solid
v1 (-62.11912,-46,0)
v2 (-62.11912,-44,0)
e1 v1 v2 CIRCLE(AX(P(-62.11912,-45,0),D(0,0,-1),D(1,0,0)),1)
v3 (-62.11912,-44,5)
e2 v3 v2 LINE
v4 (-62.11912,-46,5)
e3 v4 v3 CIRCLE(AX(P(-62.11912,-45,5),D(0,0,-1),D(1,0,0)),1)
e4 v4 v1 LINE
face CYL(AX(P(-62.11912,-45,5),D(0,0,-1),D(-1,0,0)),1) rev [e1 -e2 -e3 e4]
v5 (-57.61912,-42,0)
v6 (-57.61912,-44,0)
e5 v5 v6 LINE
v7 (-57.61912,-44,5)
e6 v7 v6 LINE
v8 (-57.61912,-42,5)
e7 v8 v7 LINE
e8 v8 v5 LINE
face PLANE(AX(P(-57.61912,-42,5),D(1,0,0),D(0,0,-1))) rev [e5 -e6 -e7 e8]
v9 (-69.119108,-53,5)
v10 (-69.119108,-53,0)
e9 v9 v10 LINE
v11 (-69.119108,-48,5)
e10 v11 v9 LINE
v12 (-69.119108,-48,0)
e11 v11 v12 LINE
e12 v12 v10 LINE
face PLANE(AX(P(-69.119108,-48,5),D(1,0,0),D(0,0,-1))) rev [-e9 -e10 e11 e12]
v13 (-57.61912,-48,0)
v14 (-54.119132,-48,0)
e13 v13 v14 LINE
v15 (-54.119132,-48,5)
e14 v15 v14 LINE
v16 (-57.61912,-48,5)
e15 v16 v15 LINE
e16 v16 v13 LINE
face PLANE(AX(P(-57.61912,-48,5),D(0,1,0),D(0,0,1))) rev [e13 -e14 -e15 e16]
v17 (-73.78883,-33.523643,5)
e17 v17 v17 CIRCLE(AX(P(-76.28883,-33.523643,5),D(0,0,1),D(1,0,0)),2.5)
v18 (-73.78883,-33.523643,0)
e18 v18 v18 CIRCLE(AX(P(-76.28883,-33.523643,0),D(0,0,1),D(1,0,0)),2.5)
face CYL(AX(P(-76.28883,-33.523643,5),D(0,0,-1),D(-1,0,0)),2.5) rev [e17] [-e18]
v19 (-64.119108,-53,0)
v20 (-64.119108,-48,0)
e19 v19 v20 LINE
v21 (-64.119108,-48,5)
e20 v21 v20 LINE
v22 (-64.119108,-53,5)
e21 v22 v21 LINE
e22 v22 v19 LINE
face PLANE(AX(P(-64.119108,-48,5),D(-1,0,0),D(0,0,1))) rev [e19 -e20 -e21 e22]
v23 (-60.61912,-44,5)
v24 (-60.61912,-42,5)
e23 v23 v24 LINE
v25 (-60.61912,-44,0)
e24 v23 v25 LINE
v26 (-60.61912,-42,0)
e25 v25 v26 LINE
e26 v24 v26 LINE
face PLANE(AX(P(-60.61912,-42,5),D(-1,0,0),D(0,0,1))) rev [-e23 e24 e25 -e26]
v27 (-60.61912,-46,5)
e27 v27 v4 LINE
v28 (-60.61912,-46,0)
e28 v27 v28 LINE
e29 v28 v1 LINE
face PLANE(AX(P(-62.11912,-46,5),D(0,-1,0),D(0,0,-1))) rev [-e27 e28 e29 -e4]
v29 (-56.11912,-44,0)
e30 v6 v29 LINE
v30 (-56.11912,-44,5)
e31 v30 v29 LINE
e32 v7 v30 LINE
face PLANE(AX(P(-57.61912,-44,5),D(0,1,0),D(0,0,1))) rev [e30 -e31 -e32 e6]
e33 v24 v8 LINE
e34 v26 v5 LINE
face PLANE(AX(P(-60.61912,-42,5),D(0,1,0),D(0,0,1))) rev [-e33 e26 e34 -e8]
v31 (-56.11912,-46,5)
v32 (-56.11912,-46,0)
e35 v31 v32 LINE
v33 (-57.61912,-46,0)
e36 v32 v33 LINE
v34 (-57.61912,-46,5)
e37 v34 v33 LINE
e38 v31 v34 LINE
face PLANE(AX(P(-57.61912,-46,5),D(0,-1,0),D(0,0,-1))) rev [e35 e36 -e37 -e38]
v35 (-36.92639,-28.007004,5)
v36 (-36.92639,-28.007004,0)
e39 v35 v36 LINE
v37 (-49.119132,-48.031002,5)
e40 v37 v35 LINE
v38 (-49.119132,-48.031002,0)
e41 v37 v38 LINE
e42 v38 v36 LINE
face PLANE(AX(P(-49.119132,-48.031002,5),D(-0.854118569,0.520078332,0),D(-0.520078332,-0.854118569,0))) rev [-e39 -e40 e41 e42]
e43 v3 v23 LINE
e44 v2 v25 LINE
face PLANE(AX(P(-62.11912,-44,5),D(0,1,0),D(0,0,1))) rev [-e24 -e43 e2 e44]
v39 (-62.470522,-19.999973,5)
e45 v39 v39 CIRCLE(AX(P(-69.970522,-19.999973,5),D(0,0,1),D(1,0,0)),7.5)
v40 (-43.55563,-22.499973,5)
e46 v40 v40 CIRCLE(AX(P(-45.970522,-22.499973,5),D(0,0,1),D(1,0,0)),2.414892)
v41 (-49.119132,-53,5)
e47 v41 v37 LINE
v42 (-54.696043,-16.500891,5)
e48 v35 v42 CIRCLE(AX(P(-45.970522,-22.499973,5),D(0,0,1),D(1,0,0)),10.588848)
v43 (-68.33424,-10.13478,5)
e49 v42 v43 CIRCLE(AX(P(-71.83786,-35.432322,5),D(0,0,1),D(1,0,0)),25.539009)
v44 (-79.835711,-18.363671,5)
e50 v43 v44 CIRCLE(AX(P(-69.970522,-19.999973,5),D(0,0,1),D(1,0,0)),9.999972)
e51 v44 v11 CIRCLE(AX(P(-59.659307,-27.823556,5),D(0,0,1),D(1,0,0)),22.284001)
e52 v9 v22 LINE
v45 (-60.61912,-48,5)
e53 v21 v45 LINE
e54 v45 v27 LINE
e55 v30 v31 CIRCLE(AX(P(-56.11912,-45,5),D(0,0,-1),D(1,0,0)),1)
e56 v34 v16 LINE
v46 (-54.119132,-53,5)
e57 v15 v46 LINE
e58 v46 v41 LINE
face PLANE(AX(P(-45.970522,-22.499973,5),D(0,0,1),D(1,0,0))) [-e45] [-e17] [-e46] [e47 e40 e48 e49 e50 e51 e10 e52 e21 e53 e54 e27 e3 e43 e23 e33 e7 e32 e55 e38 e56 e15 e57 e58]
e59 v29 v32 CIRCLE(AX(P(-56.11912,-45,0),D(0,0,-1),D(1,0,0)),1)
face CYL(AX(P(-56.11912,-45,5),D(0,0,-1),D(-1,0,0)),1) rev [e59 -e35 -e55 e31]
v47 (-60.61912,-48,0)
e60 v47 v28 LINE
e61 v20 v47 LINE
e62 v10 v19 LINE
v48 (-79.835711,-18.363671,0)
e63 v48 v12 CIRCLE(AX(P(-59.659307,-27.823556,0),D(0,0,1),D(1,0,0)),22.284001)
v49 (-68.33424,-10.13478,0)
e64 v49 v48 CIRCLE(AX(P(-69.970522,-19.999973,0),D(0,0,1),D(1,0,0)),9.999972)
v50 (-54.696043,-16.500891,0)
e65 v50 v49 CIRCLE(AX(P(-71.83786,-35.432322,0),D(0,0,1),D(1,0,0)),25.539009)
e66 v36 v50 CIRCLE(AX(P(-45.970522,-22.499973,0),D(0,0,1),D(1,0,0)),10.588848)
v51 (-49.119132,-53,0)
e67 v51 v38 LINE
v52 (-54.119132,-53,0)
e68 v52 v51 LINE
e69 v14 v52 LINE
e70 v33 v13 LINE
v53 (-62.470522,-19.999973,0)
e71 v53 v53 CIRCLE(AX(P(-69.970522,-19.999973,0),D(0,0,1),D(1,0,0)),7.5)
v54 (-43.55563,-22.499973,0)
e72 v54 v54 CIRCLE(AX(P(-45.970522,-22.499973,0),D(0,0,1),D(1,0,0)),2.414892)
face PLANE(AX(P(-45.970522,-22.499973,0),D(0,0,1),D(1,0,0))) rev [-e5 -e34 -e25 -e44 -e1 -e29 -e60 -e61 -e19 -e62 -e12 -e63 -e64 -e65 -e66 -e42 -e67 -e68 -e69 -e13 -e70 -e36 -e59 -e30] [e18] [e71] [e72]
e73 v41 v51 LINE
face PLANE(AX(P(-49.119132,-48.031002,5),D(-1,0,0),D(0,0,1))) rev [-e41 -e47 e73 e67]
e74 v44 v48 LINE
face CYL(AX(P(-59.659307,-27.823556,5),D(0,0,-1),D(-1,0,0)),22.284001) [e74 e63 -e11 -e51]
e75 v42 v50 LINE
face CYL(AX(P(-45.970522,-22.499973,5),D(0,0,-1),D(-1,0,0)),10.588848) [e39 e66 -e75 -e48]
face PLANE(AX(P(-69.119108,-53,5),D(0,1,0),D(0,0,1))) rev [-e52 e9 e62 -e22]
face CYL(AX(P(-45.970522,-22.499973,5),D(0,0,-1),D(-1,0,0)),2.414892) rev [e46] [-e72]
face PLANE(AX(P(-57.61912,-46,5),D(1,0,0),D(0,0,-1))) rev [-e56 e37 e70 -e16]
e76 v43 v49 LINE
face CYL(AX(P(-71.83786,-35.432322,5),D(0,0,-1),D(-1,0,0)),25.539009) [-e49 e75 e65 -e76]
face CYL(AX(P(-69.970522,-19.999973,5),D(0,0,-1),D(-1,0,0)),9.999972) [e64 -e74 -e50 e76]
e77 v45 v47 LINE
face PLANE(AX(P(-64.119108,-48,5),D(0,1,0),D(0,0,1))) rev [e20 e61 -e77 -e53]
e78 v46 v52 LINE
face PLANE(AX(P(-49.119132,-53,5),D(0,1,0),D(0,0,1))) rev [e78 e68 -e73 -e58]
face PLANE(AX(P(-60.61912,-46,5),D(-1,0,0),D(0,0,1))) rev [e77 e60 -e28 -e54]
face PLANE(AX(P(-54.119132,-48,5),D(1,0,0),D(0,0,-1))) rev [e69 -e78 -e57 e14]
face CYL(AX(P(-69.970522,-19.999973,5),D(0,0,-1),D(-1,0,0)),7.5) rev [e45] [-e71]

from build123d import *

# Parameters (mm, degrees)
SKETCH1_R           = 7.5
SKETCH1_R_2         = 2.5
SKETCH1_R_3         = 2.414891735
BOSS_EXTRUDE1_DEPTH = 5


with BuildPart() as part:
    # Sketch1 → Boss-Extrude1 (new body)
    with BuildSketch(Plane.XY):
        with BuildLine():
            Line((-64.11910774, -48), (-60.619119753, -48))
            Line((-60.619119753, -48), (-60.619119753, -46))
            Line((-60.619119753, -46), (-62.119119753, -46))
            ThreePointArc((-62.119119753, -46), (-63.119119753, -45), (-62.119119753, -44))
            Line((-62.119119753, -44), (-60.619119753, -44))
            Line((-60.619119753, -44), (-60.619119753, -42))
            Line((-60.619119753, -42), (-57.619119753, -42))
            Line((-57.619119753, -42), (-57.619119753, -44))
            Line((-57.619119753, -44), (-56.119119753, -44))
            ThreePointArc((-56.119119753, -44), (-55.119119753, -45), (-56.119119753, -46))
            Line((-56.119119753, -46), (-57.619119753, -46))
            Line((-57.619119753, -46), (-57.619119753, -48))
            Line((-57.619119753, -48), (-54.119131767, -48))
            Line((-54.119131767, -48), (-54.119131767, -53))
            Line((-54.119131767, -53), (-49.119131767, -53))
            Line((-49.119131767, -53), (-49.119131767, -48.03100166))
            Line((-49.119131767, -48.03100166), (-36.926389772, -28.007003911))
            ThreePointArc((-36.926389772, -28.007003911), (-40.215260186, -13.611740859), (-54.696043275, -16.500890917))
            ThreePointArc((-54.696043275, -16.500890917), (-61.035529103, -12.290355564), (-68.334240228, -10.134780364))
            ThreePointArc((-68.334240228, -10.134780364), (-75.789232267, -11.867196487), (-79.835711336, -18.363670844))
            ThreePointArc((-79.835711336, -18.363670844), (-80.615312561, -35.401323311), (-69.11910774, -48))
            Line((-69.11910774, -48), (-69.11910774, -53))
            Line((-69.11910774, -53), (-64.11910774, -53))
            Line((-64.11910774, -53), (-64.11910774, -48))
        make_face()
        with Locations((-69.970521887, -19.999973255)):
            Circle(SKETCH1_R, mode=Mode.SUBTRACT)
        with Locations((-76.288829656, -33.523643473)):
            Circle(SKETCH1_R_2, mode=Mode.SUBTRACT)
        with Locations((-45.970521887, -22.499973255)):
            Circle(SKETCH1_R_3, mode=Mode.SUBTRACT)
    extrude(amount=BOSS_EXTRUDE1_DEPTH)


solid = part.part
